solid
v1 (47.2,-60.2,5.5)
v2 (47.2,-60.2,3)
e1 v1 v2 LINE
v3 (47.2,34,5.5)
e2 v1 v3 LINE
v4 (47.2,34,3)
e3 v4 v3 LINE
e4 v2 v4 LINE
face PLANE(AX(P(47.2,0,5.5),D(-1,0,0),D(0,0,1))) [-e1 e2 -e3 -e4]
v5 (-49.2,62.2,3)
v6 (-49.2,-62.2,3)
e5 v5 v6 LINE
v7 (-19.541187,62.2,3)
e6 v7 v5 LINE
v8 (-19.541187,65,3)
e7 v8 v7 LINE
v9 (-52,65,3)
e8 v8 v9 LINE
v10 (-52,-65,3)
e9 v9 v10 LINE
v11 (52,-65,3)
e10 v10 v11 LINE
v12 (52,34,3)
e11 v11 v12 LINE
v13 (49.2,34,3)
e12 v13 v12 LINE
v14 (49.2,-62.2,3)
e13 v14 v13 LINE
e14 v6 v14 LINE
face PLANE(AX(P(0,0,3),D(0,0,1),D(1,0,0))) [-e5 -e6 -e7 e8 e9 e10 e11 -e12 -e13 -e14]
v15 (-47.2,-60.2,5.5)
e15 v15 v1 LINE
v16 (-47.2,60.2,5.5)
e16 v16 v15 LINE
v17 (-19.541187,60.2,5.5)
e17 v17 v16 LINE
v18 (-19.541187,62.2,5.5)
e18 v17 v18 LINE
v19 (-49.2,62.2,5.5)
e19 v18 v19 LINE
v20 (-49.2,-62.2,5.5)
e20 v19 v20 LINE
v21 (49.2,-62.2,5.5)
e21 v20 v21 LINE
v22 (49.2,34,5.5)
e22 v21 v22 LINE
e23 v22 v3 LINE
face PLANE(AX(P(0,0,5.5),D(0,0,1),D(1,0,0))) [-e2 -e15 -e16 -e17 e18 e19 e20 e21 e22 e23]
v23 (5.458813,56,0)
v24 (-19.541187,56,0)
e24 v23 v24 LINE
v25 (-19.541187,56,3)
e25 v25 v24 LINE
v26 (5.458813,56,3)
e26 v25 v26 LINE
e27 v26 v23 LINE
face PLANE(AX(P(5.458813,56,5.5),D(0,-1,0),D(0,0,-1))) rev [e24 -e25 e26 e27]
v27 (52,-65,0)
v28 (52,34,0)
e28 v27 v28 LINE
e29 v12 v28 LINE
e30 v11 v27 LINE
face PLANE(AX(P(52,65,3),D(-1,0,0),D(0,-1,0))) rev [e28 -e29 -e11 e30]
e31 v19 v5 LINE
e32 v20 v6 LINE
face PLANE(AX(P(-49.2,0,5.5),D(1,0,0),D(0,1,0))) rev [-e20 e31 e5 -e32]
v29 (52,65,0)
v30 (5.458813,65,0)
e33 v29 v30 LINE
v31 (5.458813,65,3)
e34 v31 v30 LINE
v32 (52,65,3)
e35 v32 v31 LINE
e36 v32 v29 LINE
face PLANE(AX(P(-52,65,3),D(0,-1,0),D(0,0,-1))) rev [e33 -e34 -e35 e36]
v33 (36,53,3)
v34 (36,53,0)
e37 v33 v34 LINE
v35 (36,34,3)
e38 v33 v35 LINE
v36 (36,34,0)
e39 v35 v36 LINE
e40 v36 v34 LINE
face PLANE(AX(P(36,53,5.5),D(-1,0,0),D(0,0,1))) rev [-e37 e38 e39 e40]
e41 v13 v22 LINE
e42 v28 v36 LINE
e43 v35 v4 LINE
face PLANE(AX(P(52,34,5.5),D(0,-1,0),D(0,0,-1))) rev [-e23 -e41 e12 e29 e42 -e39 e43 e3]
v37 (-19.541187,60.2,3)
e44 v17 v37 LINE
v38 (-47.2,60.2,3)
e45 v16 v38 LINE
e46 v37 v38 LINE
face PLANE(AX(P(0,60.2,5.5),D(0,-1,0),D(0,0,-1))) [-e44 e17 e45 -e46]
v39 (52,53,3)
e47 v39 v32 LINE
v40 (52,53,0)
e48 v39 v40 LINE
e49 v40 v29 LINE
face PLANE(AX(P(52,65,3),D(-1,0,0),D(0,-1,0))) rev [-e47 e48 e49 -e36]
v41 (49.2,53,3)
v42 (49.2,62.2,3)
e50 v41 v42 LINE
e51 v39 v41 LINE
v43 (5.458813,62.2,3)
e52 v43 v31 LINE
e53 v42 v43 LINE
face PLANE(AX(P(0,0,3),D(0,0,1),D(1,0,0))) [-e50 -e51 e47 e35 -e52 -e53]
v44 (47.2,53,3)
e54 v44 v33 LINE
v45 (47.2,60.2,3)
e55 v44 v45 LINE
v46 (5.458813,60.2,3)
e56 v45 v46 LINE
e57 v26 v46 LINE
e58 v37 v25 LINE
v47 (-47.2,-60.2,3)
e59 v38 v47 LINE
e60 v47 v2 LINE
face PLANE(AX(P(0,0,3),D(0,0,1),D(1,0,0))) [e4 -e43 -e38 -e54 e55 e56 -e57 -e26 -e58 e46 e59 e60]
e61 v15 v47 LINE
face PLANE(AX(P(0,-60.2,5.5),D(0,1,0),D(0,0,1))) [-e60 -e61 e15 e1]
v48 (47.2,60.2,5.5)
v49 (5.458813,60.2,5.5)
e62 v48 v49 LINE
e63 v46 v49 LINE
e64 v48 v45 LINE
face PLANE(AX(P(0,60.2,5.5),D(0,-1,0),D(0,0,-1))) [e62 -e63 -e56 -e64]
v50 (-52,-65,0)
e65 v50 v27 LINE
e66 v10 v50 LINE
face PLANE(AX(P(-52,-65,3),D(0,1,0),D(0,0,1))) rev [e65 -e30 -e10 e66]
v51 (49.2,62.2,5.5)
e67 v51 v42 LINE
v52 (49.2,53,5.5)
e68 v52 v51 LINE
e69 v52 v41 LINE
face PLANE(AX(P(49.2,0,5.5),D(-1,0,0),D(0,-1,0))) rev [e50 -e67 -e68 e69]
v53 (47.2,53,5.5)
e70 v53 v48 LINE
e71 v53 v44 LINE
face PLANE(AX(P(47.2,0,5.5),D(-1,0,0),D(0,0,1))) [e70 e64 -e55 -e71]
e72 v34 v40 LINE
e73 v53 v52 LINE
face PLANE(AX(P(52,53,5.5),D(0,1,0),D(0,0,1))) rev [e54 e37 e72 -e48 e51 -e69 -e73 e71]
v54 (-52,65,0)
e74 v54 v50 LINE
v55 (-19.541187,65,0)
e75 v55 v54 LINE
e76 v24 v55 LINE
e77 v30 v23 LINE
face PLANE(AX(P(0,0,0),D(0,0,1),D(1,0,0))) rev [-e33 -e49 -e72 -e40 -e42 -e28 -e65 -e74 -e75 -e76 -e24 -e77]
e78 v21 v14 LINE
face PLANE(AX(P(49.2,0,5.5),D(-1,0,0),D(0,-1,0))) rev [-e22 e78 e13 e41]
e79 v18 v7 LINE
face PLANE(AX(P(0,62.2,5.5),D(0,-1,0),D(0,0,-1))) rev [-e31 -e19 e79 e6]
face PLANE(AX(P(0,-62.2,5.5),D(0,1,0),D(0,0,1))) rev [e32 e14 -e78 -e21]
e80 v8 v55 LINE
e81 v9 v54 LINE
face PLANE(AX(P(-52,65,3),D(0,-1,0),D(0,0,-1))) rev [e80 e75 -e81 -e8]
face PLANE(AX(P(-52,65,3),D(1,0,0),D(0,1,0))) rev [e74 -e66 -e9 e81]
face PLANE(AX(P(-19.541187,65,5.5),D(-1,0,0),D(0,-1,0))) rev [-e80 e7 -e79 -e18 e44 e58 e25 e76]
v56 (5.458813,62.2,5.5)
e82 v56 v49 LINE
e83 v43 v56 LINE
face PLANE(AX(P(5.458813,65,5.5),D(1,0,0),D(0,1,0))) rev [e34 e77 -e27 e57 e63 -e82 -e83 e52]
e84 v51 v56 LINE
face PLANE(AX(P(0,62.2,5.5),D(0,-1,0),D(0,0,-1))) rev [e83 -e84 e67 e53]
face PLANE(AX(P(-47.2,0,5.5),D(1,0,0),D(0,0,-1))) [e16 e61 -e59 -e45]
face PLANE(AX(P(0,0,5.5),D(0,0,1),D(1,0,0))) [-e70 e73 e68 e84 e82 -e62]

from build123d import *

# Parameters (mm, degrees)
SKETCH_1_W          = 104
SKETCH_1_H          = 130
EXTRUDE_1_DEPTH     = 3
SKETCH_2_W          = 98.4
SKETCH_2_H          = 124.4
SKETCH_2_W_2        = 94.4
SKETCH_2_H_2        = 120.4
EXTRUDE_2_DEPTH     = 2.5
SKETCH_3_W          = 16
SKETCH_3_H          = 19
SKETCH_3_W_2        = 25
SKETCH_3_H_2        = 9
CUT_EXTRUDE_1_DEPTH = 84.422119369


with BuildPart() as part:
    # 草圖1 → 填料-伸長1 (new body)
    with BuildSketch(Plane.XY):
        Rectangle(SKETCH_1_W, SKETCH_1_H)
    extrude(amount=EXTRUDE_1_DEPTH)

    # 草圖2 → 填料-伸長2 (add)
    with BuildSketch(Plane.XY.offset(3)):
        Rectangle(SKETCH_2_W, SKETCH_2_H)
        Rectangle(SKETCH_2_W_2, SKETCH_2_H_2, mode=Mode.SUBTRACT)
    extrude(amount=EXTRUDE_2_DEPTH)

    # 草圖3 → 除料-伸長1 (cut, through all)
    with BuildSketch(Plane(origin=(0, 0, 0), x_dir=(-1, 0, 0), z_dir=(0, 0, -1))):
        with Locations((-44, 43.5)):
            Rectangle(SKETCH_3_W, SKETCH_3_H)
        with Locations((7.041187405, 60.5)):
            Rectangle(SKETCH_3_W_2, SKETCH_3_H_2)
    extrude(amount=-CUT_EXTRUDE_1_DEPTH, mode=Mode.SUBTRACT)


solid = part.part
